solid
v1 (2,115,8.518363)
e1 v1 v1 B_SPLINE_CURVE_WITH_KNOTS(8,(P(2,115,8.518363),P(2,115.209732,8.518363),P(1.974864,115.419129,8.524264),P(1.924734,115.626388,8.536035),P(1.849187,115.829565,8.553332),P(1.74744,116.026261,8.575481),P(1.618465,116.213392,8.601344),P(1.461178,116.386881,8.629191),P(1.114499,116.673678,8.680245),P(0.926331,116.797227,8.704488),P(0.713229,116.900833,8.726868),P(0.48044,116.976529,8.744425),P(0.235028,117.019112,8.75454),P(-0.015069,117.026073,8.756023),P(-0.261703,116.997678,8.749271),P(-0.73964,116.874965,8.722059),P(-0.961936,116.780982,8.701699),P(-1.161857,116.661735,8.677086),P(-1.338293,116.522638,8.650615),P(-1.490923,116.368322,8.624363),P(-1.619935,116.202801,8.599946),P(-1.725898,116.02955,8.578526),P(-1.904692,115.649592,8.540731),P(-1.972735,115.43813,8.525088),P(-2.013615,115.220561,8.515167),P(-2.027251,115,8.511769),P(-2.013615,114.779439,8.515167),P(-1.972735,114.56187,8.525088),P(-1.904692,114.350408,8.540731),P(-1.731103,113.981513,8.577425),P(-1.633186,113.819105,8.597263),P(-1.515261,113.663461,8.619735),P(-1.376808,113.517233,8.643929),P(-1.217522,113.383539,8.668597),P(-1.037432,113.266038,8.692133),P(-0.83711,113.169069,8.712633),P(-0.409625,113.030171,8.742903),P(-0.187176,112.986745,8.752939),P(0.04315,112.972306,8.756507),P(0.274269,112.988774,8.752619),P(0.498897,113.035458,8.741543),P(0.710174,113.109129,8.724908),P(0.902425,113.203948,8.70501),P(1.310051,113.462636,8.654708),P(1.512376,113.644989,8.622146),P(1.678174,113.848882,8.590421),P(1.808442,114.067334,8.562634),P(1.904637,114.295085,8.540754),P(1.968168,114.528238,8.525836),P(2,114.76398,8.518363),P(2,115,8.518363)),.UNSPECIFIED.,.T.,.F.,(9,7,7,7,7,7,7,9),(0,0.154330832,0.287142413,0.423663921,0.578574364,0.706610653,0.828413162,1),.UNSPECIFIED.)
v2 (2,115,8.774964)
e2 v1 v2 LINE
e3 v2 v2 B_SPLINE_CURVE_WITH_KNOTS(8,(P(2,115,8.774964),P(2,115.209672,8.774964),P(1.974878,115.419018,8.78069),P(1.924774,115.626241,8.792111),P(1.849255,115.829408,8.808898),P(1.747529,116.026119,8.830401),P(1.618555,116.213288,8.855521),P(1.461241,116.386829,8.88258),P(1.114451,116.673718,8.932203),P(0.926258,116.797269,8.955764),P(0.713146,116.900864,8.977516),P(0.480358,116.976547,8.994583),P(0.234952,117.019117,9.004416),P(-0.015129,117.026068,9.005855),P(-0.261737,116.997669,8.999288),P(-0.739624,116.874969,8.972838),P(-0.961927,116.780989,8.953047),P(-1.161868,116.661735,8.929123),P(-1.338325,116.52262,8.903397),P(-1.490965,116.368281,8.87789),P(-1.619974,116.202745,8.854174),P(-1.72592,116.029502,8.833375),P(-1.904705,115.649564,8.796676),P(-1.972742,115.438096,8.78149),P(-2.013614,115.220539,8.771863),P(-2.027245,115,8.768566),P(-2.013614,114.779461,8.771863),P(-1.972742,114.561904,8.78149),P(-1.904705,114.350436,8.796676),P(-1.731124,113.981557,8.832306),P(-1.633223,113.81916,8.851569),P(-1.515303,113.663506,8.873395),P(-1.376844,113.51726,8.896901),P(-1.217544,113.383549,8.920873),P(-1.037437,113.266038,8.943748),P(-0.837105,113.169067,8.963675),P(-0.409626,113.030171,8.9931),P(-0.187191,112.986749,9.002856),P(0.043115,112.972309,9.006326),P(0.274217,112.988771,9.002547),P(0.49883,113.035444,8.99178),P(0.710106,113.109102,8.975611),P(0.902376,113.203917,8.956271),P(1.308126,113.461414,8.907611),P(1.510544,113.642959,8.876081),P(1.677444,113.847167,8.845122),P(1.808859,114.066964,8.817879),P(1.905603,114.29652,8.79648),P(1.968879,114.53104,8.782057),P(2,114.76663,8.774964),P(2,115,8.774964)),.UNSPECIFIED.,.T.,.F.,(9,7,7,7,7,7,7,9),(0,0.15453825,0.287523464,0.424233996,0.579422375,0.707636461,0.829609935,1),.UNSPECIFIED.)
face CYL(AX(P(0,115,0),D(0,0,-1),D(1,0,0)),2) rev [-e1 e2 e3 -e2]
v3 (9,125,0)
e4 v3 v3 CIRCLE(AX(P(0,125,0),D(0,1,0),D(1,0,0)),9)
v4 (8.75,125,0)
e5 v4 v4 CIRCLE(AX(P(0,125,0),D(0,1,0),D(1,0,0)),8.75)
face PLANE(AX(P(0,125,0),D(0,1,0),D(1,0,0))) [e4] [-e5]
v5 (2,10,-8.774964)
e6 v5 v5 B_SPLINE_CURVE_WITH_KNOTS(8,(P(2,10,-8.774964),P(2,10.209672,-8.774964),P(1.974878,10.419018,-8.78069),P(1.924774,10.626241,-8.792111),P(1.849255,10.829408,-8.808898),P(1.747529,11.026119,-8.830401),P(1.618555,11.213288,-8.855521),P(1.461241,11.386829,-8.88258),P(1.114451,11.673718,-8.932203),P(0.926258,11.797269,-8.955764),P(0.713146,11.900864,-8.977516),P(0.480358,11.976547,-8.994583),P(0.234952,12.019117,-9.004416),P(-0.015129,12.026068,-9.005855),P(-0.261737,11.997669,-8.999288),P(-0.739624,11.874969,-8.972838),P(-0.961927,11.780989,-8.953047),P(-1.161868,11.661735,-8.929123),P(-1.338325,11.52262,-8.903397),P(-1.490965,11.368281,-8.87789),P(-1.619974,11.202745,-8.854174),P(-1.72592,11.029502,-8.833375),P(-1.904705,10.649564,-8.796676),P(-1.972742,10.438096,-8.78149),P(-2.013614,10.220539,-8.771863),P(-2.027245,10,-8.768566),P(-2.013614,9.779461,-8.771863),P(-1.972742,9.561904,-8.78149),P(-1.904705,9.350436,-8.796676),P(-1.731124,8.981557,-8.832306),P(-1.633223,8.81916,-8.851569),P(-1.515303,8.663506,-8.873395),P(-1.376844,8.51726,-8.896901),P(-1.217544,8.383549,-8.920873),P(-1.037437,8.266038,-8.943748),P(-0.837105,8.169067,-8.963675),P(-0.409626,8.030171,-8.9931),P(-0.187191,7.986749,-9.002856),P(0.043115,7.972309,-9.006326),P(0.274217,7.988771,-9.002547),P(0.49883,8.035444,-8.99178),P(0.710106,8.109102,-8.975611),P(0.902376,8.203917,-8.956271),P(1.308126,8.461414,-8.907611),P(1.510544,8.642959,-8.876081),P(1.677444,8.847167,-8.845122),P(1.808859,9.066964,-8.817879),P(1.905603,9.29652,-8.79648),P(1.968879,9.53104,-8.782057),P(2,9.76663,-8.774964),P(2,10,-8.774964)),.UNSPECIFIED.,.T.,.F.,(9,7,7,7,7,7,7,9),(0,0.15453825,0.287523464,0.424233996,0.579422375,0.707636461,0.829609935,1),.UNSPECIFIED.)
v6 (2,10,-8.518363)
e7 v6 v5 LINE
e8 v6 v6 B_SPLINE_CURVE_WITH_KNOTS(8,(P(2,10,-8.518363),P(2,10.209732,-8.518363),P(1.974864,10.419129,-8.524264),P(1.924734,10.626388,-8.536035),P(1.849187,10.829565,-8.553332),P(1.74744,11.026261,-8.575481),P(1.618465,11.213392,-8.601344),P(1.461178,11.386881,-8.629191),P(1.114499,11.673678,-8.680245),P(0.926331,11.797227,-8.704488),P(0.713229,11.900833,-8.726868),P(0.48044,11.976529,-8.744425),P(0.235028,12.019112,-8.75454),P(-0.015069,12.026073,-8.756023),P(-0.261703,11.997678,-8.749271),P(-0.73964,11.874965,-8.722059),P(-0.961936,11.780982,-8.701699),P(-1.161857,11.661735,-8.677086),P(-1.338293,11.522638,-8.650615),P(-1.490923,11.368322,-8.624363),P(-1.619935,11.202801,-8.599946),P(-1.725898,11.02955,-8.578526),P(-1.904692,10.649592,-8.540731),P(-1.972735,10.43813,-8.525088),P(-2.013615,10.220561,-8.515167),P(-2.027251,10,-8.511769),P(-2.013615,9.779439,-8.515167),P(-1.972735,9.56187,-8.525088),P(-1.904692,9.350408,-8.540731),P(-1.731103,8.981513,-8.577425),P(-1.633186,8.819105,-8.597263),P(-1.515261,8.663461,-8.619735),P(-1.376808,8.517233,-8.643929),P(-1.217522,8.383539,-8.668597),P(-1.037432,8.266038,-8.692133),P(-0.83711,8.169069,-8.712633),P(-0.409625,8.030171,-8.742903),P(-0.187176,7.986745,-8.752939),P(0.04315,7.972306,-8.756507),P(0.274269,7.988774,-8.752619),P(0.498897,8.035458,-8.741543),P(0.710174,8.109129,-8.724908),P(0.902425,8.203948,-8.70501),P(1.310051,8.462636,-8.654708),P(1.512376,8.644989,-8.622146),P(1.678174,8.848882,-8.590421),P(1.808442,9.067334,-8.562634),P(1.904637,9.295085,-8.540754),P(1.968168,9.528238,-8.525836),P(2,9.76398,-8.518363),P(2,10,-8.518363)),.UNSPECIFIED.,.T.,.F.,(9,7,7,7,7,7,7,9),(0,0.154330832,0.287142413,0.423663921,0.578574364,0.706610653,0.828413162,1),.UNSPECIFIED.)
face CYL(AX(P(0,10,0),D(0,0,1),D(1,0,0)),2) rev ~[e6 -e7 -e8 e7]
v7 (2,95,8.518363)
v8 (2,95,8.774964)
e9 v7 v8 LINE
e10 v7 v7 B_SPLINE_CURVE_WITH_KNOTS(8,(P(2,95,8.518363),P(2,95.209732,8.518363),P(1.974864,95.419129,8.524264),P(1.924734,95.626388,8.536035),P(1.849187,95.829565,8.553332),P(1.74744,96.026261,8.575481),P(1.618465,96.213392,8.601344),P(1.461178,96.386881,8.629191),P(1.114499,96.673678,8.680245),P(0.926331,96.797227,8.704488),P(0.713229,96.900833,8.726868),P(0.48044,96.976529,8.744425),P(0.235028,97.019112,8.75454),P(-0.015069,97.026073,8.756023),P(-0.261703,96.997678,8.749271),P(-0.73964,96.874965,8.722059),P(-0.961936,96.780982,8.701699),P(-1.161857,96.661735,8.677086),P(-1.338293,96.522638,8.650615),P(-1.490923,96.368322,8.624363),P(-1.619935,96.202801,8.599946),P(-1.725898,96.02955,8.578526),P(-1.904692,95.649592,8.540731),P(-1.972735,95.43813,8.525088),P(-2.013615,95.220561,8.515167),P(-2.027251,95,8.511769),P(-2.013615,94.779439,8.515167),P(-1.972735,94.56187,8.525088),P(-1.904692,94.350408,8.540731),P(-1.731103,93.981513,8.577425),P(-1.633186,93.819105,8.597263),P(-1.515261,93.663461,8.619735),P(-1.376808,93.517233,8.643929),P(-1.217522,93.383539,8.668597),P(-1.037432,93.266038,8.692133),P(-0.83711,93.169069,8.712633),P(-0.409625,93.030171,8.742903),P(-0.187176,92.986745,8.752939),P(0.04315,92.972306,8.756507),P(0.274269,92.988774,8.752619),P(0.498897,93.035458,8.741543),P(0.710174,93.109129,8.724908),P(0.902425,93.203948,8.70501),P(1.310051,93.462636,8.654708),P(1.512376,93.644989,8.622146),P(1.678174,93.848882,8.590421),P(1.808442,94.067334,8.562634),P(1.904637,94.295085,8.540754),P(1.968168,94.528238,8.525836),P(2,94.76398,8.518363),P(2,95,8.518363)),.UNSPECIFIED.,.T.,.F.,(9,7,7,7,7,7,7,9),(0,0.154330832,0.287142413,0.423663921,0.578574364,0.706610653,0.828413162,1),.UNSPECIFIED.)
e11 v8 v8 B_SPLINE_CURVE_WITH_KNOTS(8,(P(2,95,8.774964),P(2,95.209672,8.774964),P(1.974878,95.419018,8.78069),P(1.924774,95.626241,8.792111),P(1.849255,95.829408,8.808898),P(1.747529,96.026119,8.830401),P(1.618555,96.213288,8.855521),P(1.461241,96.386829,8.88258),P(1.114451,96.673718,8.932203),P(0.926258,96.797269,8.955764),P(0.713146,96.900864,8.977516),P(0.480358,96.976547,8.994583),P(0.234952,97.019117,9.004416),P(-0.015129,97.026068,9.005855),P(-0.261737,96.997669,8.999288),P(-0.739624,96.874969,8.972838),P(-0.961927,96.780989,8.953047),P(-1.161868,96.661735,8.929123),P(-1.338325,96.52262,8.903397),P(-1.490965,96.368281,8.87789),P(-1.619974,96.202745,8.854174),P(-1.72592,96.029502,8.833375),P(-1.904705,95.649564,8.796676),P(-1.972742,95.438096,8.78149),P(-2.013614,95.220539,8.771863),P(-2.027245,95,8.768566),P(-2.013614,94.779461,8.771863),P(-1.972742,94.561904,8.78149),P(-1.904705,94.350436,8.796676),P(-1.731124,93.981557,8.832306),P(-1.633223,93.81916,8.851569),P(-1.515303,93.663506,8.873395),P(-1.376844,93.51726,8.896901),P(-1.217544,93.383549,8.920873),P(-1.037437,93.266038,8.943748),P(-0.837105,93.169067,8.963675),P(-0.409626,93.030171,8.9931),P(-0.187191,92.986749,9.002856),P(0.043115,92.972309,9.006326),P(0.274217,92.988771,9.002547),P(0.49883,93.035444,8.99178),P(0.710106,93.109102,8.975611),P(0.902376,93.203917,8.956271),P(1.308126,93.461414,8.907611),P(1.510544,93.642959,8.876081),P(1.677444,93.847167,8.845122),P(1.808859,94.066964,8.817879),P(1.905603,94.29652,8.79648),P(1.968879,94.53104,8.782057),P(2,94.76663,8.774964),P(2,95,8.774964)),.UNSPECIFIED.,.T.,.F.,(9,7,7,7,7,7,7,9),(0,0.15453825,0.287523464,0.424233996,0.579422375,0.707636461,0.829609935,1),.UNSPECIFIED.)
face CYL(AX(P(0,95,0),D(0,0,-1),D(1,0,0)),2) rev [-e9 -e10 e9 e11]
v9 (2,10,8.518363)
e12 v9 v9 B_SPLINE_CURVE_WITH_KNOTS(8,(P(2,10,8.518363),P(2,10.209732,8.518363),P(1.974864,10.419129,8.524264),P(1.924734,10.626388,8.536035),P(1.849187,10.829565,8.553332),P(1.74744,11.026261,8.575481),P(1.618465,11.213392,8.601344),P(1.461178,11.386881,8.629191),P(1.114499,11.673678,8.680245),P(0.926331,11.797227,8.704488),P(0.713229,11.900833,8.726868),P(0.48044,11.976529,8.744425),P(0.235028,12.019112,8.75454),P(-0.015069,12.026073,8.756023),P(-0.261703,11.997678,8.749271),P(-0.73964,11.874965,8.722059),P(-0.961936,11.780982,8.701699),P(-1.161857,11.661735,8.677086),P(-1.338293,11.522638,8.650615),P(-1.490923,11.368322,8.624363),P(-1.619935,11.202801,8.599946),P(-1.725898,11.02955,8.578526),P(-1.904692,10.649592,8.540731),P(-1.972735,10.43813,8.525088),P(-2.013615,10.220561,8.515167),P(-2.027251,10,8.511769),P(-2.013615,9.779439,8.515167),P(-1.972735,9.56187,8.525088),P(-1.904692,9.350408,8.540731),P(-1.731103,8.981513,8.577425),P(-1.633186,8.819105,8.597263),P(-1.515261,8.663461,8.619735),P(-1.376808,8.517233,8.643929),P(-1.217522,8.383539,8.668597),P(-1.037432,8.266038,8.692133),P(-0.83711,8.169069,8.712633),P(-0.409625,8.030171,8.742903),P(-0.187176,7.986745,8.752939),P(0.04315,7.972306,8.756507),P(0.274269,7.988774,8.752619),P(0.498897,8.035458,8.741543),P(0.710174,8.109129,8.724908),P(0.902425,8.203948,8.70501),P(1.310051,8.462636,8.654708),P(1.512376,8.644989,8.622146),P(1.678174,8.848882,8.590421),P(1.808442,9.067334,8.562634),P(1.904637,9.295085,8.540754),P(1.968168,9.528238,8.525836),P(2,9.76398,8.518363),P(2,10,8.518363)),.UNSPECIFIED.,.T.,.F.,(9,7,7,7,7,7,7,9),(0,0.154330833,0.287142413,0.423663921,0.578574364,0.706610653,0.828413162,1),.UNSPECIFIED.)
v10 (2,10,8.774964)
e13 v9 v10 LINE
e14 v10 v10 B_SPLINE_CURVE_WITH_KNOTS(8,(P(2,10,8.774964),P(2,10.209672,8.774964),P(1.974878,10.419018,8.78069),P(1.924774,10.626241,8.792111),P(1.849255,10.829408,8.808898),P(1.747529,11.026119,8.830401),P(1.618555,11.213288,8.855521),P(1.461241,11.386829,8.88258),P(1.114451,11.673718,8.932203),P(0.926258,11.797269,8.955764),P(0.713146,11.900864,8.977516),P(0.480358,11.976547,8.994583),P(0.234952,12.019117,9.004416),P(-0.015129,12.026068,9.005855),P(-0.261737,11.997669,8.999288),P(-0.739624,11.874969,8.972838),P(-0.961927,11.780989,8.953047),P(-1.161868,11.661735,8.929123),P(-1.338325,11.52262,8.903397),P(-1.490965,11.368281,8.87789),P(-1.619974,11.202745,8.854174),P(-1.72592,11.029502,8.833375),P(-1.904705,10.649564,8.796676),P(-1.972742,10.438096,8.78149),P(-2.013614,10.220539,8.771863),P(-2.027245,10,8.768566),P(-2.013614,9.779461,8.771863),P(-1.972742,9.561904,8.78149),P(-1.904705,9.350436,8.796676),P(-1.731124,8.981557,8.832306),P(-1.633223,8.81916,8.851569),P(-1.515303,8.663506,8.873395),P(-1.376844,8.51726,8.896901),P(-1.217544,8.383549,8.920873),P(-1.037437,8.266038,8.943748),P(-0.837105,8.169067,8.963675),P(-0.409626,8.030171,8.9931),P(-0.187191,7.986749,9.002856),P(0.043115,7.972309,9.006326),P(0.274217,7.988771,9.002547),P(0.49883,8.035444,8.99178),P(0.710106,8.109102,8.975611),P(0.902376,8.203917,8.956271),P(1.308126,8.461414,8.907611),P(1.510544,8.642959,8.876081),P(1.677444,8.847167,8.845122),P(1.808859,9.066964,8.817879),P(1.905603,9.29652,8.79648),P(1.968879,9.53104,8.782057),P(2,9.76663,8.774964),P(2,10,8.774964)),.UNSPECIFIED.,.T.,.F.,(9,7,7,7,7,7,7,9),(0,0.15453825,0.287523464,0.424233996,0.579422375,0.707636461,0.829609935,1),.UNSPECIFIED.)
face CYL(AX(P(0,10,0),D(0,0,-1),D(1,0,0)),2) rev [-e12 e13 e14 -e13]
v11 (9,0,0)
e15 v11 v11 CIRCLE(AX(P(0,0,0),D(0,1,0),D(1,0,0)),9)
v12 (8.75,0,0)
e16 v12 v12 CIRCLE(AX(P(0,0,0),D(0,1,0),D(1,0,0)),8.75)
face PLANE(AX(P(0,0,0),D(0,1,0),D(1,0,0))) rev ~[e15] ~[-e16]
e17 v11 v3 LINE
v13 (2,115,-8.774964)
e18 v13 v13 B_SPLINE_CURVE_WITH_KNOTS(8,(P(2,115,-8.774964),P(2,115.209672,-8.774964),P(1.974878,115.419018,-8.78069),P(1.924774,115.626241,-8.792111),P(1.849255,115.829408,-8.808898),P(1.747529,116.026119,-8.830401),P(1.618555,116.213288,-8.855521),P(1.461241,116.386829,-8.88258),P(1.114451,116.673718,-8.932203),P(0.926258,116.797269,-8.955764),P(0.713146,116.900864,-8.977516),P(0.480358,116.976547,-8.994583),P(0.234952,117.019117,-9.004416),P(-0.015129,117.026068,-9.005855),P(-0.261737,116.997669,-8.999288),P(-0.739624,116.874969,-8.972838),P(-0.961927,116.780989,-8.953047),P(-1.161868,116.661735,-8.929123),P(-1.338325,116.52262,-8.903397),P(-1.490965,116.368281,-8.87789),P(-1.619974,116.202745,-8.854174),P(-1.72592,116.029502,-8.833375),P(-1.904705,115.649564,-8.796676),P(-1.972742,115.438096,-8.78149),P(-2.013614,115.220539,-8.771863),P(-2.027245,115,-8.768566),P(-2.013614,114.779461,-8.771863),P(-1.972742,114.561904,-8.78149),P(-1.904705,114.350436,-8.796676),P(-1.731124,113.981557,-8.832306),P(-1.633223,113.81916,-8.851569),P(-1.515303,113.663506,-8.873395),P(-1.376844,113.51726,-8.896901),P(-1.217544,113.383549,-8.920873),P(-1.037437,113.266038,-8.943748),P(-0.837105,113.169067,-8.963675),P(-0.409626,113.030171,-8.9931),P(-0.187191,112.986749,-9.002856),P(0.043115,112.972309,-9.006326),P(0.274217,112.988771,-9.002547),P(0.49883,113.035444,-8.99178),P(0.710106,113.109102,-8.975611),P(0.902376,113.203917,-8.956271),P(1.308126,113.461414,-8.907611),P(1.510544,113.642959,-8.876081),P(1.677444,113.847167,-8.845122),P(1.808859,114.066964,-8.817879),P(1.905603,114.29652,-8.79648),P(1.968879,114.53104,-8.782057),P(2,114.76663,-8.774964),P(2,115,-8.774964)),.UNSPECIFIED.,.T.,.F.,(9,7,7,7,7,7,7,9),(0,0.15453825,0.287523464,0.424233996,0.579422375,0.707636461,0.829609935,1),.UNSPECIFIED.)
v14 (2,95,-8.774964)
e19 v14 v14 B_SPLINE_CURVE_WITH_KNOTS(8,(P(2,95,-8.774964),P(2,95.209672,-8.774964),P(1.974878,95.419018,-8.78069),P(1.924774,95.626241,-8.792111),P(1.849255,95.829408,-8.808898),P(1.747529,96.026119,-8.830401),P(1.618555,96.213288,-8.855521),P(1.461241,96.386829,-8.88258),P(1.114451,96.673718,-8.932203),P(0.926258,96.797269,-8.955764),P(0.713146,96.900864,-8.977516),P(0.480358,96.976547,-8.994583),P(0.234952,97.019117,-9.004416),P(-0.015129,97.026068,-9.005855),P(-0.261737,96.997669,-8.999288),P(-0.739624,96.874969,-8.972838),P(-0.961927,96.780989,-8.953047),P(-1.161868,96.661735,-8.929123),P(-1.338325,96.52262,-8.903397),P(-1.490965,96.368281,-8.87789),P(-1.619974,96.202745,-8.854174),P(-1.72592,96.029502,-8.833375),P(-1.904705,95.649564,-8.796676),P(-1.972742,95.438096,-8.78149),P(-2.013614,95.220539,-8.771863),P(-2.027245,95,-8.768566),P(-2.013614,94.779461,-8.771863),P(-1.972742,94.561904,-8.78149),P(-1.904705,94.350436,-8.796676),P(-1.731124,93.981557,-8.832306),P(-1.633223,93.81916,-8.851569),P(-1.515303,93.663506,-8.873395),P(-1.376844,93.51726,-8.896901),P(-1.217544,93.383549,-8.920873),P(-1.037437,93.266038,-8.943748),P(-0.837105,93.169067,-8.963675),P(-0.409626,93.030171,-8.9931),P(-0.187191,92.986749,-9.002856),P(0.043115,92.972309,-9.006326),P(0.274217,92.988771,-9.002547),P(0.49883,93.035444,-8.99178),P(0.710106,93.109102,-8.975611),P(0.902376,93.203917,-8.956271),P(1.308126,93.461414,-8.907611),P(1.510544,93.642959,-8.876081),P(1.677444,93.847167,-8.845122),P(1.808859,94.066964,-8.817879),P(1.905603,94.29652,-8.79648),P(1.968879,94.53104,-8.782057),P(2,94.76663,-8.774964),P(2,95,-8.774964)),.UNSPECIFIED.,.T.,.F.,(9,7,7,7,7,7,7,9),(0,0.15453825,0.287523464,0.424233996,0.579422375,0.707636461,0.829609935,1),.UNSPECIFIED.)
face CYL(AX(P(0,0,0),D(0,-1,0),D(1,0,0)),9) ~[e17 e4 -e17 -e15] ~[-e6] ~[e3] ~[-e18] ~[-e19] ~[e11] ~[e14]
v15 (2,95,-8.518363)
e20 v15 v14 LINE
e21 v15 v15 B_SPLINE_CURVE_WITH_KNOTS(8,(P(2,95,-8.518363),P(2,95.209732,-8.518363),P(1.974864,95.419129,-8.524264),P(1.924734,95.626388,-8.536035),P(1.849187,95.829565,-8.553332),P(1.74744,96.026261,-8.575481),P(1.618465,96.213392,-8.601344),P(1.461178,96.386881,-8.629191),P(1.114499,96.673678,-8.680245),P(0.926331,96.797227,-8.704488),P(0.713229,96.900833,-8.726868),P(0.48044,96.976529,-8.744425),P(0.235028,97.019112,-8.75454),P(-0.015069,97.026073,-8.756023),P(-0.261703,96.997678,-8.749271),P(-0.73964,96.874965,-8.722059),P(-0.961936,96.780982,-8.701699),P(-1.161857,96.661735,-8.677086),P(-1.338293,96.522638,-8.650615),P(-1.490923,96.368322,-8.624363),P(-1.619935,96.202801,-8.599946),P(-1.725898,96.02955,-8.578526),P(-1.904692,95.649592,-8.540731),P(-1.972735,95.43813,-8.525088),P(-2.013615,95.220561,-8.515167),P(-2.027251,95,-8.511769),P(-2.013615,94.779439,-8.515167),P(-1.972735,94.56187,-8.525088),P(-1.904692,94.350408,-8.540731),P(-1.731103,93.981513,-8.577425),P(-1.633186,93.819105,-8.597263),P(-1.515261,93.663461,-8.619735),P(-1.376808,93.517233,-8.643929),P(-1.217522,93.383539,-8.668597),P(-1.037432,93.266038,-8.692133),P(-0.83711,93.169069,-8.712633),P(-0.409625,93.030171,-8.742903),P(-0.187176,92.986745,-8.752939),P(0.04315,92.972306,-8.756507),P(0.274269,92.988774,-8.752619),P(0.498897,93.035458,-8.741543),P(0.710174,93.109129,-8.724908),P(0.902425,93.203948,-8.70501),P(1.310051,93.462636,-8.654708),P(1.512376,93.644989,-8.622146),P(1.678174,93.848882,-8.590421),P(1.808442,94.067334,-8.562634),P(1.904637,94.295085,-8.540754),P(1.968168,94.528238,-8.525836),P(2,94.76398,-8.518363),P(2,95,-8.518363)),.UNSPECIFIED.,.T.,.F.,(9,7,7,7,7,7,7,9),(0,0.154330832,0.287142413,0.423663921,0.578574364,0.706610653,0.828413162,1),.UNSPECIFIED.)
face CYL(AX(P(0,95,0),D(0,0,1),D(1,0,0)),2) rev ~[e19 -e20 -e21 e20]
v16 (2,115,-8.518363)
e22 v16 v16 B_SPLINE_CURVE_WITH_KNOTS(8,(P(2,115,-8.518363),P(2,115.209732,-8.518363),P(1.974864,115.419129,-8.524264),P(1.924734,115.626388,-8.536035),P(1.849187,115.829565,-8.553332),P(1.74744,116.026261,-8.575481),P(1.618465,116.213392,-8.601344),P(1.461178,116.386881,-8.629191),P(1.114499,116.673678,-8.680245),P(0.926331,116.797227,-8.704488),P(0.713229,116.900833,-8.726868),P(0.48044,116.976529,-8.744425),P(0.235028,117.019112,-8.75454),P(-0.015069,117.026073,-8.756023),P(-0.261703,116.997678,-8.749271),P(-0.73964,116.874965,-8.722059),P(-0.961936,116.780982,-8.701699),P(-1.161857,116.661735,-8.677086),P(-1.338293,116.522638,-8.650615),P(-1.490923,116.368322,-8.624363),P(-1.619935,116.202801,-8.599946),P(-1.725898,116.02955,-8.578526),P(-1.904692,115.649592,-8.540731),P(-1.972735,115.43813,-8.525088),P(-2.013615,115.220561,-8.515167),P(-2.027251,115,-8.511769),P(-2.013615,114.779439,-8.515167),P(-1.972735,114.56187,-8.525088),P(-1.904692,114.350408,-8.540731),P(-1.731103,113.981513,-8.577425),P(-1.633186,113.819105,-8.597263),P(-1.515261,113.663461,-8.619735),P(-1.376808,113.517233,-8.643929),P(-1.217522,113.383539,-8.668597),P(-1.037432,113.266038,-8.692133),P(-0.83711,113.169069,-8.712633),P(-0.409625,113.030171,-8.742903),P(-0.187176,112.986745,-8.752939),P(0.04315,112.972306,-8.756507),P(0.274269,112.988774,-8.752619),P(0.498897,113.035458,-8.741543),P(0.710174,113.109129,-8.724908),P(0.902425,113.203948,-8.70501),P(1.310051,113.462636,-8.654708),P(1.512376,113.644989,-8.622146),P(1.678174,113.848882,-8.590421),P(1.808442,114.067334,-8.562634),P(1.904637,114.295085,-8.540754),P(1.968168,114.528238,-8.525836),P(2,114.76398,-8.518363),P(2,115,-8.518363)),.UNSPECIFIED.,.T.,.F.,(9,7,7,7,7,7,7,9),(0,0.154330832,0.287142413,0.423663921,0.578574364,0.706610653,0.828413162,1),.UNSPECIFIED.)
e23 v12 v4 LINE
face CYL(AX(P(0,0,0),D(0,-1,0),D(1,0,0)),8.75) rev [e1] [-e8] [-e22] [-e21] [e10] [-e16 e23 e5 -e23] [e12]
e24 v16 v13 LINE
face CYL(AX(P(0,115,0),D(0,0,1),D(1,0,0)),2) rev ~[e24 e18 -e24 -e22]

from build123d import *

# Parameters (mm, degrees)
SKETCH1_R               = 9
SKETCH1_R_2             = 8.75
BOSS_EXTRUDE1_DEPTH     = 125
SKETCH2_R               = 2
CUT_EXTRUDE1_DEPTH      = 10
CUT_EXTRUDE1_DEPTH_BACK = 10


with BuildPart() as part:
    # Sketch1 → Boss-Extrude1 (new body)
    with BuildSketch(Plane(origin=(0, 0, 0), x_dir=(1, 0, 0), z_dir=(0, 1, 0))):
        Circle(SKETCH1_R)
        Circle(SKETCH1_R_2, mode=Mode.SUBTRACT)
    extrude(amount=BOSS_EXTRUDE1_DEPTH)

    # Sketch2 → Cut-Extrude1 (cut, two sides)
    with BuildSketch(Plane.XY) as cut_extrude1_sk:
        with Locations((0, 95)):
            Circle(SKETCH2_R)
        with Locations((0, 115)):
            Circle(SKETCH2_R)
        with Locations((0, 10)):
            Circle(SKETCH2_R)
    extrude(amount=CUT_EXTRUDE1_DEPTH, mode=Mode.SUBTRACT)
    extrude(cut_extrude1_sk.sketch, amount=-CUT_EXTRUDE1_DEPTH_BACK, mode=Mode.SUBTRACT)


solid = part.part
